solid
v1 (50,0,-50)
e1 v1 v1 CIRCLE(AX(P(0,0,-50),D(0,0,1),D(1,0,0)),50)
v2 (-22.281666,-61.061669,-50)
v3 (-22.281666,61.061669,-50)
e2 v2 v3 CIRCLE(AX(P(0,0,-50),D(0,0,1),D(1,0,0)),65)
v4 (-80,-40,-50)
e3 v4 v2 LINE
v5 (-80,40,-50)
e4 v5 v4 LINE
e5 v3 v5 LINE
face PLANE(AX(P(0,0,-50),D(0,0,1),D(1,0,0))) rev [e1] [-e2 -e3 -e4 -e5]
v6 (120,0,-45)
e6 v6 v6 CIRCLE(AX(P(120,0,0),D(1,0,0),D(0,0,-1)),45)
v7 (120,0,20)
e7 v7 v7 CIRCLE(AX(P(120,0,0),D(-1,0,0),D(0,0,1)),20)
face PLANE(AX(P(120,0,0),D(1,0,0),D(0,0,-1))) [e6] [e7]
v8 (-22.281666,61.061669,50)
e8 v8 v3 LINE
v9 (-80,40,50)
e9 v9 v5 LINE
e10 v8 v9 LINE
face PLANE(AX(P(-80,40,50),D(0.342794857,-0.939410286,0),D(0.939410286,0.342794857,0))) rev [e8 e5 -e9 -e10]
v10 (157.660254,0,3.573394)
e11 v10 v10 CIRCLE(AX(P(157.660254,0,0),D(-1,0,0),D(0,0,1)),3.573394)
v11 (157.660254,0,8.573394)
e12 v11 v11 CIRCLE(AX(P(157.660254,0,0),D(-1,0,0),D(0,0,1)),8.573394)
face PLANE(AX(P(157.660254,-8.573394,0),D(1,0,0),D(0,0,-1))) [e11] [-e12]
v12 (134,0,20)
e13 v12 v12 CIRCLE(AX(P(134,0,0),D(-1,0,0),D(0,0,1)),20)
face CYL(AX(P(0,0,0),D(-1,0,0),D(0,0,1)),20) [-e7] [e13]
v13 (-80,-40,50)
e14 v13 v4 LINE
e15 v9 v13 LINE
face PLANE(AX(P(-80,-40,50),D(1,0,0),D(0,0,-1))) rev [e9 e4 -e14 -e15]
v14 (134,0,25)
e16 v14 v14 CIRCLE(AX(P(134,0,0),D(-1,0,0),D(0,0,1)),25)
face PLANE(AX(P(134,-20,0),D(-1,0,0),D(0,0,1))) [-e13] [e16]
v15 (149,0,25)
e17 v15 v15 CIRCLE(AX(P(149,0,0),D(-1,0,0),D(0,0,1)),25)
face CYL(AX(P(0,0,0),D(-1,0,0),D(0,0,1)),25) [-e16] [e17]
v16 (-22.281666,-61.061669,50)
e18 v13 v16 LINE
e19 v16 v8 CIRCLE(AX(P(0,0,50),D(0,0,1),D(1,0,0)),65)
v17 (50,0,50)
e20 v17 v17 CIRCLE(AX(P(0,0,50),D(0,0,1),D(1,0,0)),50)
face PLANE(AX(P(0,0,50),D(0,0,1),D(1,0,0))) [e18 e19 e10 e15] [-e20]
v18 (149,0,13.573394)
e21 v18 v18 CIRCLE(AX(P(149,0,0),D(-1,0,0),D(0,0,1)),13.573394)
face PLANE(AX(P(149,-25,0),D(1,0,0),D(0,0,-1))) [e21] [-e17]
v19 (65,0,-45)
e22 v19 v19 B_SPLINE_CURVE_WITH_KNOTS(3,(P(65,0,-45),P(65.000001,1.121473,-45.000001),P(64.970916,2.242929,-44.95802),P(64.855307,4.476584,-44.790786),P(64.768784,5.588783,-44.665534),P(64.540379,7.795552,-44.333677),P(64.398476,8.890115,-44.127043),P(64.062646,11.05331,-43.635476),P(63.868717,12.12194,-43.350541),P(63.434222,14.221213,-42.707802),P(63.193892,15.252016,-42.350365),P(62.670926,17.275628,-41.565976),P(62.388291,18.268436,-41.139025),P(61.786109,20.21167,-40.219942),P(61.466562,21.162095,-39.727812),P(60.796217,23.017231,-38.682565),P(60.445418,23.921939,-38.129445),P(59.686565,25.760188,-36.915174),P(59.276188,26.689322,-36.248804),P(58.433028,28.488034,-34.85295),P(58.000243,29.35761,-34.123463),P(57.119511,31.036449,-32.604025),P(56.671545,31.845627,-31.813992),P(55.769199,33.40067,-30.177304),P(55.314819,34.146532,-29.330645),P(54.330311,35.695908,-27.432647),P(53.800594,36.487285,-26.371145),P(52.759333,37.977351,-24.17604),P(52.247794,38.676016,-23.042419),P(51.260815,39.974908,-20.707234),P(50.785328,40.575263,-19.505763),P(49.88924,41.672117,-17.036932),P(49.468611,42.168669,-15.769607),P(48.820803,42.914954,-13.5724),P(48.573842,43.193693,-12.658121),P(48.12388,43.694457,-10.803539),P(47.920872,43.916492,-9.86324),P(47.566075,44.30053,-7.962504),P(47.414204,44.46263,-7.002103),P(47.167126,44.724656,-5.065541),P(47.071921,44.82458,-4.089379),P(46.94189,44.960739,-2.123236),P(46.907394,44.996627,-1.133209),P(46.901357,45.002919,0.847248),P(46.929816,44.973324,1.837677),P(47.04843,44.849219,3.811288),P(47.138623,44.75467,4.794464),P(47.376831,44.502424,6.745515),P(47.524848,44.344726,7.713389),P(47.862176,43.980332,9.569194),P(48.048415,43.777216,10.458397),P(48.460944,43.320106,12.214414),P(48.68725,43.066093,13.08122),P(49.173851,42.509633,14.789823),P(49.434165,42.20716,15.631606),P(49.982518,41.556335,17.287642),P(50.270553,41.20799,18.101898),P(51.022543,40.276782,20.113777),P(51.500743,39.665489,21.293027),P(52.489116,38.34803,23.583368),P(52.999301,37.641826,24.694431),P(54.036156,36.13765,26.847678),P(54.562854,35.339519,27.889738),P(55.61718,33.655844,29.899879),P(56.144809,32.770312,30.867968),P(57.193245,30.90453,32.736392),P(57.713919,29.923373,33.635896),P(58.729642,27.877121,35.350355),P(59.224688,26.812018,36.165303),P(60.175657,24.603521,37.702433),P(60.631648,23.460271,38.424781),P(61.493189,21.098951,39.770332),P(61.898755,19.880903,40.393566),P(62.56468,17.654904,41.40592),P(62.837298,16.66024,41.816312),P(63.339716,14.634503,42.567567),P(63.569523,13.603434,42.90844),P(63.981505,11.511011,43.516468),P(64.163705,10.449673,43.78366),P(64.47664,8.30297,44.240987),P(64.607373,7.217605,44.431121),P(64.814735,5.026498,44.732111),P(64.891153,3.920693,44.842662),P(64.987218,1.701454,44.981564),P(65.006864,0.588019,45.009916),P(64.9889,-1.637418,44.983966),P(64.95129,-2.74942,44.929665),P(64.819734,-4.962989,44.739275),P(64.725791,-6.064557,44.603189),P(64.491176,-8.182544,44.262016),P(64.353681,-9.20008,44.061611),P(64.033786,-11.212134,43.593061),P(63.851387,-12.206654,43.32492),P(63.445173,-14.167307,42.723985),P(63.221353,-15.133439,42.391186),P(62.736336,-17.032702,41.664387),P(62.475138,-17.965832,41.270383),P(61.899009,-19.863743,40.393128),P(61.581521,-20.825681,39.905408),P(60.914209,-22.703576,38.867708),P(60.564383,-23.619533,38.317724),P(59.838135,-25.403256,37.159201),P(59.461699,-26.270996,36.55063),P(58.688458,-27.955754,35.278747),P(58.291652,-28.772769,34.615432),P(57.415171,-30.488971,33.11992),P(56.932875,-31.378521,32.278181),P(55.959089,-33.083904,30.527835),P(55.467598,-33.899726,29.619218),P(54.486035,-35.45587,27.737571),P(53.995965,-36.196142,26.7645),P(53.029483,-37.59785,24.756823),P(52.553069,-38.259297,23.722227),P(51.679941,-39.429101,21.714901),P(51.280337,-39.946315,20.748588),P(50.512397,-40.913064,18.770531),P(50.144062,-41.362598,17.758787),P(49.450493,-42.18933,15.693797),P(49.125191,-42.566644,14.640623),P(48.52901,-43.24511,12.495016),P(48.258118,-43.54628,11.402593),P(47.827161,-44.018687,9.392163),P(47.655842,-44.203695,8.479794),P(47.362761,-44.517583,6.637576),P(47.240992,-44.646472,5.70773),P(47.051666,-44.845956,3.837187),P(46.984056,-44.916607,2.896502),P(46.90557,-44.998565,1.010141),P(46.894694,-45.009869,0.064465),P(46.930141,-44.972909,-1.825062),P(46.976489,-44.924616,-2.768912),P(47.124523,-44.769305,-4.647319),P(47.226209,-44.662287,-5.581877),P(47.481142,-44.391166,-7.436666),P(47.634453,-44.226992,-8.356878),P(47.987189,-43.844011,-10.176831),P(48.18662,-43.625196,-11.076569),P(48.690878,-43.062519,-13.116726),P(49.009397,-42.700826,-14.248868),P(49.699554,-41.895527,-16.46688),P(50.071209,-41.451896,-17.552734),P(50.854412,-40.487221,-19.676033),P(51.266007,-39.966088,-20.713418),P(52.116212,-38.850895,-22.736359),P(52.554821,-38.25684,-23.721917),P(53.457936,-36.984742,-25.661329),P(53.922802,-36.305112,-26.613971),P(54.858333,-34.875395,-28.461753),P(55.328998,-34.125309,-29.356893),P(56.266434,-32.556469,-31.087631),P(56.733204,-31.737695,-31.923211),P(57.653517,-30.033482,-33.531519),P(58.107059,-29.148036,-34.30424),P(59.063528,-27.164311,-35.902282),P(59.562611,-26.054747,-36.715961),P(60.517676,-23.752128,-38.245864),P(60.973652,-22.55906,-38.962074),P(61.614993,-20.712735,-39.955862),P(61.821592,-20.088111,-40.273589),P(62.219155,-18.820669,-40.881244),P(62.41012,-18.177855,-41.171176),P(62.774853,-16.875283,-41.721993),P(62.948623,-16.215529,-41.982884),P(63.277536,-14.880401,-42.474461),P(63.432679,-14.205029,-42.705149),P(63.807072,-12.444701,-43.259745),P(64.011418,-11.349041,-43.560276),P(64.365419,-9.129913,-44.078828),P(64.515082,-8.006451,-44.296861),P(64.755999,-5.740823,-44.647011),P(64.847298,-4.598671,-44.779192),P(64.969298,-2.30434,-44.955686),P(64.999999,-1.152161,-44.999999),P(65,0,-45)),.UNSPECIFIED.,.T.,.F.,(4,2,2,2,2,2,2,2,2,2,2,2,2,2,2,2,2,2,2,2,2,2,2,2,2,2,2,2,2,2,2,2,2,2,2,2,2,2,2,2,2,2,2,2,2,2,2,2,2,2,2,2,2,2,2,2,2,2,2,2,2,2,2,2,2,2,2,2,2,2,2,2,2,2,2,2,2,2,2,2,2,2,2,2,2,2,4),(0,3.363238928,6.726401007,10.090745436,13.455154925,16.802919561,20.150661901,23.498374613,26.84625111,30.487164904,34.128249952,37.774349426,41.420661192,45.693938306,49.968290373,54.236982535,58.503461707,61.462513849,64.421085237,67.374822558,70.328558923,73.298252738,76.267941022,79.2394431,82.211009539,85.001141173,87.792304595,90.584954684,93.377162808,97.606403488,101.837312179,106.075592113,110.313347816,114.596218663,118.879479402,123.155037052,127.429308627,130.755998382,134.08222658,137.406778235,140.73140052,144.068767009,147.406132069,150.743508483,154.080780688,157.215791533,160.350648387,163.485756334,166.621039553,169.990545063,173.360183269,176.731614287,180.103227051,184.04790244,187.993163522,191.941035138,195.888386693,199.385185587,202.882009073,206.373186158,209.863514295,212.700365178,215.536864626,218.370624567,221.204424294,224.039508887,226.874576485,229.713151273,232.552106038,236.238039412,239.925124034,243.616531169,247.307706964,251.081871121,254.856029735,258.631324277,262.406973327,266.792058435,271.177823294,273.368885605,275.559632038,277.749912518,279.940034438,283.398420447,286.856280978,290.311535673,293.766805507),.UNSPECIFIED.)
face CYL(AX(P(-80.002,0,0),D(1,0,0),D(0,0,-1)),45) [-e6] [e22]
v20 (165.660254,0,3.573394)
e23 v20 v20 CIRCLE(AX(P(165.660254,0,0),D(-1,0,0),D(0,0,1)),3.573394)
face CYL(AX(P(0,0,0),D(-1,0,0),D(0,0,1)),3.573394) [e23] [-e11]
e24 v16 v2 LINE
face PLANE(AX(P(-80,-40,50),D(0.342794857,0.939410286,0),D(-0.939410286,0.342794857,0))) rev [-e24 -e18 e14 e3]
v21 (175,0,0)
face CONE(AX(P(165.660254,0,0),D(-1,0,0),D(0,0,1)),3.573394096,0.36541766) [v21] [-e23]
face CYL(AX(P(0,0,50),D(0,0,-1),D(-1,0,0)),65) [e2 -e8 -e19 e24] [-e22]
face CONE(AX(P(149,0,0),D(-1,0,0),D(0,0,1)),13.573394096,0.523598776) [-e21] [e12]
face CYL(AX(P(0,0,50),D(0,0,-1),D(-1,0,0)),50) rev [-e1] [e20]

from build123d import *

# Parameters (mm, degrees)
SKETCH1_R           = 50
BOSS_EXTRUDE1_DEPTH = 50
BOSS_EXTRUDE2_REACH = 202
SKETCH2_R           = 45


with BuildPart() as part:
    # Sketch1 → Boss-Extrude1 (new body, symmetric)
    with BuildSketch(Plane.XY):
        with BuildLine():
            Line((-80, -40), (-80, 40))
            Line((-80, 40), (-22.281665693, 61.061668614))
            ThreePointArc((-22.281665693, 61.061668614), (65, 0), (-22.281665693, -61.061668614))
            Line((-22.281665693, -61.061668614), (-80, -40))
        make_face()
        Circle(SKETCH1_R, mode=Mode.SUBTRACT)
    extrude(amount=BOSS_EXTRUDE1_DEPTH, both=True)

    # Sketch2 → Boss-Extrude2 (add, up to next)
    with BuildSketch(Plane(origin=(120, 0, 0), x_dir=(0, 0, -1), z_dir=(1, 0, 0)), mode=Mode.PRIVATE) as boss_extrude2_sk1:
        Circle(SKETCH2_R)
    boss_extrude2_tool1 = extrude(boss_extrude2_sk1.sketch, amount=-BOSS_EXTRUDE2_REACH, mode=Mode.PRIVATE) - part.part
    add(boss_extrude2_tool1.solids().sort_by_distance((120, 0, 0))[0])

    # Sketch5 → Revolve1 (revolve)
    with BuildSketch(Plane.XY):
        Polygon((120, 0), (120, -20), (134, -20), (134, -25), (149, -25), (149, -13.573394096), (157.660254038, -8.573394096), (157.660254038, -3.573394096), (165.660254038, -3.573394096), (175, 0), align=None)
    revolve(axis=Axis((0, 0, 0), (1, 0, 0)))


solid = part.part
